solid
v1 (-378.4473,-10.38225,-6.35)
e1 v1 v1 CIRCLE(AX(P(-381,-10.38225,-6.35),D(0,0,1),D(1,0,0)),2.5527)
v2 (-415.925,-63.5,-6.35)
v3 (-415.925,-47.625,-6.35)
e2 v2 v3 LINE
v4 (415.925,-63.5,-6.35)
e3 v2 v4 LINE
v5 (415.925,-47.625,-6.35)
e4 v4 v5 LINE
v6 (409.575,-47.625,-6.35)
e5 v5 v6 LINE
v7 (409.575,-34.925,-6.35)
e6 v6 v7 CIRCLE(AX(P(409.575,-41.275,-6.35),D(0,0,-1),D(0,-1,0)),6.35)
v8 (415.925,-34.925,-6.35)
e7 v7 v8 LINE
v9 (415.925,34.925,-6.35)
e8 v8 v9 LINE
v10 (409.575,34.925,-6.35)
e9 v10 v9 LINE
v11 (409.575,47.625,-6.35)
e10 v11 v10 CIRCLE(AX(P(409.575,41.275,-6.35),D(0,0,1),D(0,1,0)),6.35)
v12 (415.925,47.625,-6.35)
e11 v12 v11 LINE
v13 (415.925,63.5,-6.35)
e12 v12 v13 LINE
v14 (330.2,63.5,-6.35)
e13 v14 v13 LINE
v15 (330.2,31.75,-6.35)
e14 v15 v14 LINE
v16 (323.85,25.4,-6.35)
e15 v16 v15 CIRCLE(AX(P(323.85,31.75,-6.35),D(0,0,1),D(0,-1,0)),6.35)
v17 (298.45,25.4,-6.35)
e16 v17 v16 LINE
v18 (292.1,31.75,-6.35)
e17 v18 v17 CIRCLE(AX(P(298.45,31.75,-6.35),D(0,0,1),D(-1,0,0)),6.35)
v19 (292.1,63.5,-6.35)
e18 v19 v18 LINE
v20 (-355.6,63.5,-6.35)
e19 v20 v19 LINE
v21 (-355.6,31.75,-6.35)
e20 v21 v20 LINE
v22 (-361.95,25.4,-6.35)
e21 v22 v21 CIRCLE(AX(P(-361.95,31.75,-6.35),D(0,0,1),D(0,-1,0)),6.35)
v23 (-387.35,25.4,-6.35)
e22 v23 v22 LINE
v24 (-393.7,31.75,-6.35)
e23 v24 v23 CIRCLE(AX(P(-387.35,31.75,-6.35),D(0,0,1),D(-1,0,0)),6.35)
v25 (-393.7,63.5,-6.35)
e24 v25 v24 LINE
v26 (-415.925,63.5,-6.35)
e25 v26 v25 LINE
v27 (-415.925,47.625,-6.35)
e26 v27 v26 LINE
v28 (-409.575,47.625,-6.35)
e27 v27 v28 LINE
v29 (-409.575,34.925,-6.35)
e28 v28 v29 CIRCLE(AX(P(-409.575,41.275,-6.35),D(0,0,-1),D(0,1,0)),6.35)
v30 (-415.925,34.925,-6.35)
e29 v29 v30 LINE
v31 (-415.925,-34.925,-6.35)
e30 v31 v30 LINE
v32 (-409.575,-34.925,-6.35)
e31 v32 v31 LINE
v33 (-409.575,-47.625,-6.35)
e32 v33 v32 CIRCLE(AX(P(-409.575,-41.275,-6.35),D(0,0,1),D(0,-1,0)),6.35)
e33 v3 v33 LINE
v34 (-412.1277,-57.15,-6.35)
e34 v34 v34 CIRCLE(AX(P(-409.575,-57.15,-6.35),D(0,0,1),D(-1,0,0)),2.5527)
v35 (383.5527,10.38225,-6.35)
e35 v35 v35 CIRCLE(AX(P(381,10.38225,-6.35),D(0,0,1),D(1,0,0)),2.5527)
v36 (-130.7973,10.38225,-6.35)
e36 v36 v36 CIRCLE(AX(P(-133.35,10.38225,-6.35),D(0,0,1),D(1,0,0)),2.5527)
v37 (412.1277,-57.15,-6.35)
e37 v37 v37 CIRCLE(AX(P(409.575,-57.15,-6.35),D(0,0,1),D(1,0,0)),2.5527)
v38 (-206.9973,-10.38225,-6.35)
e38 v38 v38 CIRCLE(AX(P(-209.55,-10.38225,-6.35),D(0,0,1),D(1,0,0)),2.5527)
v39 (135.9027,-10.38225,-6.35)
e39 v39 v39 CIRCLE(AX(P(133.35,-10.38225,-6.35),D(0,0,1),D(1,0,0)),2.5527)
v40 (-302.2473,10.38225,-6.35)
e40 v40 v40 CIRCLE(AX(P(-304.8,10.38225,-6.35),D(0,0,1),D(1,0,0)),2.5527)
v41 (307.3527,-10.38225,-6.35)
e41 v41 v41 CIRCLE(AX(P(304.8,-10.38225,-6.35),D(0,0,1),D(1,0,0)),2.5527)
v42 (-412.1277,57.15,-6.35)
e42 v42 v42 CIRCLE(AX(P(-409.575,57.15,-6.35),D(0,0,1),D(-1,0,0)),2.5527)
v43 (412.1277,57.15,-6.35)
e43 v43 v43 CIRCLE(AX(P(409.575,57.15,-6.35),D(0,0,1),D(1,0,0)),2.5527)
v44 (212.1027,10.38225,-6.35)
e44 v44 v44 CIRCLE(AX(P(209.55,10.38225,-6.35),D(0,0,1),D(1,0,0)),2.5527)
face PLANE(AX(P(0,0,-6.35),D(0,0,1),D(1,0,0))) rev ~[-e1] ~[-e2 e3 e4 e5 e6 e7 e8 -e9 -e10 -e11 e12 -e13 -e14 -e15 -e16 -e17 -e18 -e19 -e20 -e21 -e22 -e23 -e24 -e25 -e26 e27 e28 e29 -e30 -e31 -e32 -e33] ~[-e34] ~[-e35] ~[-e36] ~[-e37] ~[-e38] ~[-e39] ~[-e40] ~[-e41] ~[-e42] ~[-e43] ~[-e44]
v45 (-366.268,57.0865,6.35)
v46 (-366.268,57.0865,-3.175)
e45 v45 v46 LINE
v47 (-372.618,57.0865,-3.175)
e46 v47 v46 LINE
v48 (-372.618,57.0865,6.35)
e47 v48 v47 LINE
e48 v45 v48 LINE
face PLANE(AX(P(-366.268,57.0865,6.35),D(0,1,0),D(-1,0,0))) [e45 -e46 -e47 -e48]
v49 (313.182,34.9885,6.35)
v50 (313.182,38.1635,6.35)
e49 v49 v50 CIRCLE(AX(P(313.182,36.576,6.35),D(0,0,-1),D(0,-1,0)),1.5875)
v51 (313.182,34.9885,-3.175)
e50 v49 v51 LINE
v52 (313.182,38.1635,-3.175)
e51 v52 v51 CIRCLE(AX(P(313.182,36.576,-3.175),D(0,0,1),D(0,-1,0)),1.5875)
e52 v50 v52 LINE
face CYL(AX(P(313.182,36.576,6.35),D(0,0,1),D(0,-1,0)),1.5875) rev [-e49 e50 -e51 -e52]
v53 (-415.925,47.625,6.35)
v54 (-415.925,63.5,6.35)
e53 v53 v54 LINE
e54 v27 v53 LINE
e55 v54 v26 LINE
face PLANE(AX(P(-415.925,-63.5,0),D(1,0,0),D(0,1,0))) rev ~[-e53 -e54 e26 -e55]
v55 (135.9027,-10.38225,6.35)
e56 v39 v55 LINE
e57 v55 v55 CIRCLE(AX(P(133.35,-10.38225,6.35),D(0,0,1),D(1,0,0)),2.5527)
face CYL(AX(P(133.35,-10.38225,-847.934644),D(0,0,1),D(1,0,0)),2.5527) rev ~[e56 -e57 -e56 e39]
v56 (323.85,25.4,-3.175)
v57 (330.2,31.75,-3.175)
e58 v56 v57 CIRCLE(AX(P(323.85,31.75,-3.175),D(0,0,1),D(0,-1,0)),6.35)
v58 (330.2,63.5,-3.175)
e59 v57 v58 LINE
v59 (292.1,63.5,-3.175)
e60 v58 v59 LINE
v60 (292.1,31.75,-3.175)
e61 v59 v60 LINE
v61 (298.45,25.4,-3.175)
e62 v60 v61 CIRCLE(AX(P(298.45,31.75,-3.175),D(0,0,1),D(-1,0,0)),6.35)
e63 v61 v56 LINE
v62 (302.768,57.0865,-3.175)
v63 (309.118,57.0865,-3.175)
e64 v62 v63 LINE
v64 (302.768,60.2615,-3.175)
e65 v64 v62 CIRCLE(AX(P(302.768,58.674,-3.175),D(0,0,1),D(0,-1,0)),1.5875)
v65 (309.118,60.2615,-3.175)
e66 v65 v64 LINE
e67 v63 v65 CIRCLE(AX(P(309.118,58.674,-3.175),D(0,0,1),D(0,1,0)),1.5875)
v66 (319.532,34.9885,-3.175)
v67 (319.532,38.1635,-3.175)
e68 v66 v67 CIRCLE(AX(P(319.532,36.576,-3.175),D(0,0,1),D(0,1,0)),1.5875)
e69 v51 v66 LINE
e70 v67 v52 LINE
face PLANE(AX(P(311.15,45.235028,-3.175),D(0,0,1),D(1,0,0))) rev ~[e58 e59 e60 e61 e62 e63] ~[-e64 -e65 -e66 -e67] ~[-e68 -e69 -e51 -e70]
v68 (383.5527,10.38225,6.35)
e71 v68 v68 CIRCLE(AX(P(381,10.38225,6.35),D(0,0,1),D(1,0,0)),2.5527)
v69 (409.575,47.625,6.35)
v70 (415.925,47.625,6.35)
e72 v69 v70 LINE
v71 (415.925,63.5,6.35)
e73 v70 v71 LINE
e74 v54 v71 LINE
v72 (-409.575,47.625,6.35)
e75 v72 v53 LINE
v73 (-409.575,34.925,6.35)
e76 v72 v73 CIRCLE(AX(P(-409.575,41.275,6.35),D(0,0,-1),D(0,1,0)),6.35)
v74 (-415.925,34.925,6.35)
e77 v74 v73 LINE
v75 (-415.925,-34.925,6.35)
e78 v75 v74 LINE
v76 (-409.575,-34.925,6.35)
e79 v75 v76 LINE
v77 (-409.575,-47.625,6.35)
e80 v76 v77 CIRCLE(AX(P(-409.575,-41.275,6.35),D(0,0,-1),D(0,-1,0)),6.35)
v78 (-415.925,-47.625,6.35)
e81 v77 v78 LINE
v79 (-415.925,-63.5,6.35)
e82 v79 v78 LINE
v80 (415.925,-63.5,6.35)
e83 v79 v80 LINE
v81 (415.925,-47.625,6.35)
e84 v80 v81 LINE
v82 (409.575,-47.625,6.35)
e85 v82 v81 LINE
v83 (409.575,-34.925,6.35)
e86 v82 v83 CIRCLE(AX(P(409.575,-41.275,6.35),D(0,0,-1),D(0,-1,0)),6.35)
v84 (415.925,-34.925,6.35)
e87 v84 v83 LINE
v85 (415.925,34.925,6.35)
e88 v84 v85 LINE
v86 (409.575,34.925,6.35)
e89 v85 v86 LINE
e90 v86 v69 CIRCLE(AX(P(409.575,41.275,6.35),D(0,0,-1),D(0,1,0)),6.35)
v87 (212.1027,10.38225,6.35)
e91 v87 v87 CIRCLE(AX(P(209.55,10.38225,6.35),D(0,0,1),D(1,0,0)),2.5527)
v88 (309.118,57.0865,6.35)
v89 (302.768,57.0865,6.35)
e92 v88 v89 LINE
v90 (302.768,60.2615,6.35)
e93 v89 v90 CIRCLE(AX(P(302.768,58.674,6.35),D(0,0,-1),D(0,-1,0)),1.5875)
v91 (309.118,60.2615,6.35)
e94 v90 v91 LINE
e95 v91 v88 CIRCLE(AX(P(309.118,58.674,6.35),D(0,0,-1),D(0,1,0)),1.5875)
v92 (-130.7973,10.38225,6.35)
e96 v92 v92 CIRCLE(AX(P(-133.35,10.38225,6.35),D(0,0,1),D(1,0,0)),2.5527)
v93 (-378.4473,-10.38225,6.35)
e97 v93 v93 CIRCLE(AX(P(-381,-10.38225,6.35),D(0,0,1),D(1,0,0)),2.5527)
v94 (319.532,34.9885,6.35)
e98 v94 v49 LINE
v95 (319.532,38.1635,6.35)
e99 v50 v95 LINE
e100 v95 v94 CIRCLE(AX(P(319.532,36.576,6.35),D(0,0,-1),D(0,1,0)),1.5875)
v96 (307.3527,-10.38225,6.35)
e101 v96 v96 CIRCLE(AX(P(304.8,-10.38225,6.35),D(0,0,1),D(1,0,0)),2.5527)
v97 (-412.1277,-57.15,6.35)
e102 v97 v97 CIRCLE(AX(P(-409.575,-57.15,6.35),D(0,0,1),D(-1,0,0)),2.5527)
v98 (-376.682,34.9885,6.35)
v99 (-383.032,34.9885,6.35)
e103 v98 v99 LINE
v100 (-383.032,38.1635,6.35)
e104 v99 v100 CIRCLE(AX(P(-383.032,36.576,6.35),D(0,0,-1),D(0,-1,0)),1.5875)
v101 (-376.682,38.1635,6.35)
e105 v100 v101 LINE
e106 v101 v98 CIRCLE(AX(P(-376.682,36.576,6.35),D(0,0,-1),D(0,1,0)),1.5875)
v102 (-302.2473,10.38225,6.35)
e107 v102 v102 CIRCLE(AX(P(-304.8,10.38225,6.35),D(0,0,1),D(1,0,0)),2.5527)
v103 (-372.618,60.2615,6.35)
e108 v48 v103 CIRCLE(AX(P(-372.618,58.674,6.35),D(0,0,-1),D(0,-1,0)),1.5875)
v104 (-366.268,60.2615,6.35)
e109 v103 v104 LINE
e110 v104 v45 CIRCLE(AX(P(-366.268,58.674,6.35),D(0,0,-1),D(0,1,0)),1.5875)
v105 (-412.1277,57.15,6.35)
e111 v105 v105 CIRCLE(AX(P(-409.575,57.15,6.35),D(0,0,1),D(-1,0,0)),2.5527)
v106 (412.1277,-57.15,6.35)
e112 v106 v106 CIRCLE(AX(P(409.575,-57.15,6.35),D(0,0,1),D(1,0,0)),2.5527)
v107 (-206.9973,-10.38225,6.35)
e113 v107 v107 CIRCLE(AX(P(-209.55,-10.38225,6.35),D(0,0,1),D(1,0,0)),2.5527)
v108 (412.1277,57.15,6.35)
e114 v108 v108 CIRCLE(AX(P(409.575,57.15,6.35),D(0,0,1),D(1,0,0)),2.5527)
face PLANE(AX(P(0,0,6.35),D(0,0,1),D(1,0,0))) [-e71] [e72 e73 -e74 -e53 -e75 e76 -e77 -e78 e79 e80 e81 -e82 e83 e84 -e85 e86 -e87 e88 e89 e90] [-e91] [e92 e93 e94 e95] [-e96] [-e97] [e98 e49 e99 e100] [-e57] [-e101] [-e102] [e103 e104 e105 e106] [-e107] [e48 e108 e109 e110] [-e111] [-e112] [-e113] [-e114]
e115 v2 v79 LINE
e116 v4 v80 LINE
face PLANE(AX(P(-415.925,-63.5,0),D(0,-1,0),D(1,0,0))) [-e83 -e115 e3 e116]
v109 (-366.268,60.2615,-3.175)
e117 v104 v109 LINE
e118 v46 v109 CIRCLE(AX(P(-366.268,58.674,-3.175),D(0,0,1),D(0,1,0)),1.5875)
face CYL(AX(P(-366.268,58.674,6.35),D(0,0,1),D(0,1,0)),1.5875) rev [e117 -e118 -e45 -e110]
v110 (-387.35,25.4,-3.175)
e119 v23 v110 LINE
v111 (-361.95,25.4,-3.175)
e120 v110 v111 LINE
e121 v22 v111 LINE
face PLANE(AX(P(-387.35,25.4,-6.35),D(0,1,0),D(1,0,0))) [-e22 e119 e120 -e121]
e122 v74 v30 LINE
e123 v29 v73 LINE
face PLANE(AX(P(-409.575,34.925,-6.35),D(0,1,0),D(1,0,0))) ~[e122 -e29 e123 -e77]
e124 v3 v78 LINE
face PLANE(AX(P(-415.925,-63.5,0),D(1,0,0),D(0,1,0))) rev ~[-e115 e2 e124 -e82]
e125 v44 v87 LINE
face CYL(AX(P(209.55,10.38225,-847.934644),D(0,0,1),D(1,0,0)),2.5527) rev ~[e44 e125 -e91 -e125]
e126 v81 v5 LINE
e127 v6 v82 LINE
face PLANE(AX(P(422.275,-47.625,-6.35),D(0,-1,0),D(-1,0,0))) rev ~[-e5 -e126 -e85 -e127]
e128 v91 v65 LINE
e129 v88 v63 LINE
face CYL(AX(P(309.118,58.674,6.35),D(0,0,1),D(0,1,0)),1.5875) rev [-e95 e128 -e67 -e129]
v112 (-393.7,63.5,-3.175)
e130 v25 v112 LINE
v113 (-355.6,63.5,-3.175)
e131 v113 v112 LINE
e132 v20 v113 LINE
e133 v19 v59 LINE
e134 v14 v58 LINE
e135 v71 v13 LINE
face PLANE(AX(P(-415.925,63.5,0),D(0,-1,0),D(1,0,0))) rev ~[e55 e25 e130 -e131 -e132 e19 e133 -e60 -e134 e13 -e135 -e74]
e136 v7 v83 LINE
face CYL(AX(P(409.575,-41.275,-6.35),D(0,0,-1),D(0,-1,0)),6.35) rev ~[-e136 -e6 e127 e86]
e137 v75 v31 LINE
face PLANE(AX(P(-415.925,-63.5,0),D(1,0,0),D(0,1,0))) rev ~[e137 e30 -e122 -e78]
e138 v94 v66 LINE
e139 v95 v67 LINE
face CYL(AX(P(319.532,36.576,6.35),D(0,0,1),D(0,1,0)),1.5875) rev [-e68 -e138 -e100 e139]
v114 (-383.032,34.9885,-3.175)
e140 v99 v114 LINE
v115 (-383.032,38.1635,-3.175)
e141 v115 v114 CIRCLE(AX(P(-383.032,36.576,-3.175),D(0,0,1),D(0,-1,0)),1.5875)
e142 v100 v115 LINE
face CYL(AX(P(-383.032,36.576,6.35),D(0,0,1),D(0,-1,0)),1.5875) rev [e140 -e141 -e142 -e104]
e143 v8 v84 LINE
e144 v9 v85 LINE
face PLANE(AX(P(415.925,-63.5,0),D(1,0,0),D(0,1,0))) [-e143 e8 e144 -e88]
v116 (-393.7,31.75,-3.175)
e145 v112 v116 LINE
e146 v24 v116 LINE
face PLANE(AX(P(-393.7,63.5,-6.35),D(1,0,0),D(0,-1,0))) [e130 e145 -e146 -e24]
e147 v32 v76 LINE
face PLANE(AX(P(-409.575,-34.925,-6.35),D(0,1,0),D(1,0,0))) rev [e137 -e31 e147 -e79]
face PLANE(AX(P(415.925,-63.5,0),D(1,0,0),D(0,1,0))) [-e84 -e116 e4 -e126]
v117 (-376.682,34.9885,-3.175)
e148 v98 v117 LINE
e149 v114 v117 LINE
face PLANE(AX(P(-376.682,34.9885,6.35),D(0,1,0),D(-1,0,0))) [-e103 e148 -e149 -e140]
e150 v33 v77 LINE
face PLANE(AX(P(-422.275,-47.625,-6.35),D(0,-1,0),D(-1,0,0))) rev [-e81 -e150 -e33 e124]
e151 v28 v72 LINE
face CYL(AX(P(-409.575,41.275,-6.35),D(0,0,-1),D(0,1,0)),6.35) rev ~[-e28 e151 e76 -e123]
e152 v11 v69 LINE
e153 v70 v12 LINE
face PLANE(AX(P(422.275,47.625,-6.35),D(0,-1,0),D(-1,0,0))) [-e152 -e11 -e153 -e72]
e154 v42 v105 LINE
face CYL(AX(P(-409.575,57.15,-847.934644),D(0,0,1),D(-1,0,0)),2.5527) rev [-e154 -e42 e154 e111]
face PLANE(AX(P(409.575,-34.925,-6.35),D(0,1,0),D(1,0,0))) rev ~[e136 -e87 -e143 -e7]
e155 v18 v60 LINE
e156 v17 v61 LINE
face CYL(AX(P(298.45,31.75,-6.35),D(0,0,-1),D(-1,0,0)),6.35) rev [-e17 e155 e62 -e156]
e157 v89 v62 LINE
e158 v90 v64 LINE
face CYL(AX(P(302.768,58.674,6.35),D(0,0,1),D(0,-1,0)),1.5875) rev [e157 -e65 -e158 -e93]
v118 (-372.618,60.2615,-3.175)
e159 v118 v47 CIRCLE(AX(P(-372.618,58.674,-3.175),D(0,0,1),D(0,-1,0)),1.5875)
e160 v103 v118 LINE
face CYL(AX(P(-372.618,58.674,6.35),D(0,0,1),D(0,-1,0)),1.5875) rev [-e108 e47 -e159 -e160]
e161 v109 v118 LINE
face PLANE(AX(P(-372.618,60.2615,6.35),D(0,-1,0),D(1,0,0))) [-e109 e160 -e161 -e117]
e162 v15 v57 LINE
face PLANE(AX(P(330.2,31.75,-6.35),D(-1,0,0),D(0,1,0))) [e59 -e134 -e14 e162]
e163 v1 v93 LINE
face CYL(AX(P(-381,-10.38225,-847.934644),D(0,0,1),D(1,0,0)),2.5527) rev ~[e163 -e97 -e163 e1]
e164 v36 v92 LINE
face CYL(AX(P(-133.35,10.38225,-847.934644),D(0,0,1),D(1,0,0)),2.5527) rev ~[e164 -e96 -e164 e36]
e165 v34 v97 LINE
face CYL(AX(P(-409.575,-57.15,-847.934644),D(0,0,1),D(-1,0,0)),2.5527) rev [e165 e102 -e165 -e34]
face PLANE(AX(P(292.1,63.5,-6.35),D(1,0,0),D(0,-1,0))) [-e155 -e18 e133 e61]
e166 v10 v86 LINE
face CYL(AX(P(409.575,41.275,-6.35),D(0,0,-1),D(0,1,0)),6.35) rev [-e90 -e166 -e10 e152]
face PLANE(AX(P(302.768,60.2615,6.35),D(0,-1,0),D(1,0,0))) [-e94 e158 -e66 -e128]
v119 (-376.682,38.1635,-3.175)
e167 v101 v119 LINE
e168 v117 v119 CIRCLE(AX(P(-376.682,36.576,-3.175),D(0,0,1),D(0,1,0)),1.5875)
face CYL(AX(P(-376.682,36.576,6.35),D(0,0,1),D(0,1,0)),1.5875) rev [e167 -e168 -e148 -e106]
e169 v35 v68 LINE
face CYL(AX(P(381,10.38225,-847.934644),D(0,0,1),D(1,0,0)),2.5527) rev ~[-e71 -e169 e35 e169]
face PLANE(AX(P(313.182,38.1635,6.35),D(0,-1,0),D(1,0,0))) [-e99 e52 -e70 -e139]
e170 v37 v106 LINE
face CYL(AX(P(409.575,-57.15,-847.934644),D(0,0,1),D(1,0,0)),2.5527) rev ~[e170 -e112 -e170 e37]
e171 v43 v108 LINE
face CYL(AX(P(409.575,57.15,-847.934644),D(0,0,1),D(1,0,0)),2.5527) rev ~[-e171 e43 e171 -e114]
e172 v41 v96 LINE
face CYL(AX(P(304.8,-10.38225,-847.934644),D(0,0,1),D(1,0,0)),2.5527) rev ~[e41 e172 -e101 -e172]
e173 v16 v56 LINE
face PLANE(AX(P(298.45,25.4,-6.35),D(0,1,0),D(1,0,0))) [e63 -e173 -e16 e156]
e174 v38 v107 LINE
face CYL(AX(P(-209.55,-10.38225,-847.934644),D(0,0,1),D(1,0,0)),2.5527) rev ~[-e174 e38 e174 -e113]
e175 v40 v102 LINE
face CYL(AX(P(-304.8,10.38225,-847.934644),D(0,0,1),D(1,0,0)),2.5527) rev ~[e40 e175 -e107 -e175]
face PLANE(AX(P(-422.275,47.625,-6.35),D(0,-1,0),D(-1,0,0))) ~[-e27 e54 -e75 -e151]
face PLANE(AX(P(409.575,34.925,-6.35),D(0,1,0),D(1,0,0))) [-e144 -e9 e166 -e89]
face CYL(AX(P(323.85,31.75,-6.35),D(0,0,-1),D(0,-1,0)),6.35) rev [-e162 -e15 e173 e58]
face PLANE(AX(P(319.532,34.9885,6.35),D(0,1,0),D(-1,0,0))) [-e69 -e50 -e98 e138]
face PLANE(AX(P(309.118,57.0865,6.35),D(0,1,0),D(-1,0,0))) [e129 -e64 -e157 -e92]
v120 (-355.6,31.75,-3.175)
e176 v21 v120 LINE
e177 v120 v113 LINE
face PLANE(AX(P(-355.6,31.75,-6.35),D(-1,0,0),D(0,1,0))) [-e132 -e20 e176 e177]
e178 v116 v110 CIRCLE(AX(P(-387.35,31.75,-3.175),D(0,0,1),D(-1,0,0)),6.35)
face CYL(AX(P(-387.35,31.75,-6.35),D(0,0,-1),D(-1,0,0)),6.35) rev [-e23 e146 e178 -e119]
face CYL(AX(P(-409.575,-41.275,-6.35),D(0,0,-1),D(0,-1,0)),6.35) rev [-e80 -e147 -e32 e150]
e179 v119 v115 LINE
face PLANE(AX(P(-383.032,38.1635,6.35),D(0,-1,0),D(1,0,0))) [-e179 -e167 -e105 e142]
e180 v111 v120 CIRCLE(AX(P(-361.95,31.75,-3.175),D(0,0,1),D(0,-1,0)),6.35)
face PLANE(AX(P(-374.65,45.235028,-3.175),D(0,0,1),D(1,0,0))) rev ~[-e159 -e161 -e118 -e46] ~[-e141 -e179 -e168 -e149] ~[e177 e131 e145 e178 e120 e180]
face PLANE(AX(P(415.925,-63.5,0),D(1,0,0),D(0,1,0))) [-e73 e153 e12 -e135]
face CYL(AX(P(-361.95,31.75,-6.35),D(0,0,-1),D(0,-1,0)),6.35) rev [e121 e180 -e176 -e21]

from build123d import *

# Parameters (mm, degrees)
SKETCH1_W                         = 831.85
SKETCH1_H                         = 127
BOSS_EXTRUDE1_DEPTH               = 6.35
F_10_CLEARANCE_HOLE1_D            = 5.1054
TAPPED_HOLE_FOR_10_32_HELICOIL1_D = 5.1054
LPATTERN1_COUNT                   = 5
LPATTERN1_PITCH                   = 171.45
CUT_EXTRUDE1_DEPTH                = 421.936035075
CUT_EXTRUDE3_REACH                = 422.936
CUT_EXTRUDE4_DEPTH                = 3.175


with BuildPart() as part:
    # Sketch1 → Boss-Extrude1 (new, symmetric)
    with BuildSketch(Plane.XY):
        Rectangle(SKETCH1_W, SKETCH1_H)
    extrude(amount=BOSS_EXTRUDE1_DEPTH, both=True)

    # #10 Clearance Hole1 (through all)
    with Locations(Plane(origin=(0, 0, -6.35), x_dir=(-1, 0, 0), z_dir=(0, 0, -1))):
        with Locations((-409.575, 57.15), (-409.575, -57.15)):
            f_10_clearance_hole1 = Hole(F_10_CLEARANCE_HOLE1_D / 2)

    # Tapped Hole for #10-32 Helicoil1 (through all)
    with Locations(Plane(origin=(0, 0, -6.35), x_dir=(-1, 0, 0), z_dir=(0, 0, -1))):
        with Locations((-381, 10.38225), (-304.8, -10.38225)):
            tapped_hole_for_10_32_helicoil1 = Hole(TAPPED_HOLE_FOR_10_32_HELICOIL1_D / 2)

    # LPattern1: Tapped Hole for #10-32 Helicoil1 ×5, 1 skipped
    with Locations(*[(-i * LPATTERN1_PITCH, 0, 0) for i in range(1, LPATTERN1_COUNT) if i not in (2,)]):
        add(tapped_hole_for_10_32_helicoil1, mode=Mode.SUBTRACT)

    # Sketch9 → Cut-Extrude1 (cut, through all)
    with BuildSketch(Plane(origin=(0, 0, -6.35), x_dir=(-1, 0, 0), z_dir=(0, 0, -1))):
        with BuildLine():
            Line((-422.275, 47.625), (-409.575, 47.625))
            ThreePointArc((-409.575, 47.625), (-403.225, 41.275), (-409.575, 34.925))
            Line((-409.575, 34.925), (-422.275, 34.925))
            ThreePointArc((-422.275, 34.925), (-428.625, 41.275), (-422.275, 47.625))
        make_face()
        with BuildLine():
            Line((-422.275, -47.625), (-409.575, -47.625))
            ThreePointArc((-409.575, -47.625), (-403.225, -41.275), (-409.575, -34.925))
            Line((-409.575, -34.925), (-422.275, -34.925))
            ThreePointArc((-422.275, -34.925), (-428.625, -41.275), (-422.275, -47.625))
        make_face()
    cut_extrude1 = extrude(amount=-CUT_EXTRUDE1_DEPTH, mode=Mode.SUBTRACT)

    # Mirror1: #10 Clearance Hole1, Cut-Extrude1 across plane
    add(f_10_clearance_hole1.mirror(Plane(origin=(0, 0, 0), x_dir=(0, 0, 1), z_dir=(1, 0, 0))), mode=Mode.SUBTRACT)
    add(cut_extrude1.mirror(Plane(origin=(0, 0, 0), x_dir=(0, 0, 1), z_dir=(1, 0, 0))), mode=Mode.SUBTRACT)

    # Sketch13 → Cut-Extrude3 (cut, up to next)
    with BuildSketch(Plane.XY.offset(6.35), mode=Mode.PRIVATE) as cut_extrude3_sk1:
        with BuildLine():
            Line((-372.618, 60.2615), (-366.268, 60.2615))
            ThreePointArc((-366.268, 60.2615), (-364.6805, 58.674), (-366.268, 57.0865))
            Line((-366.268, 57.0865), (-372.618, 57.0865))
            ThreePointArc((-372.618, 57.0865), (-374.2055, 58.674), (-372.618, 60.2615))
        make_face()
    cut_extrude3_tool1 = extrude(cut_extrude3_sk1.sketch, amount=-CUT_EXTRUDE3_REACH, mode=Mode.PRIVATE) & part.part
    # Sketch13 → Cut-Extrude3 (cut, up to next)
    with BuildSketch(Plane.XY.offset(6.35), mode=Mode.PRIVATE) as cut_extrude3_sk2:
        with BuildLine():
            Line((-383.032, 38.1635), (-376.682, 38.1635))
            ThreePointArc((-376.682, 38.1635), (-375.0945, 36.576), (-376.682, 34.9885))
            Line((-376.682, 34.9885), (-383.032, 34.9885))
            ThreePointArc((-383.032, 34.9885), (-384.6195, 36.576), (-383.032, 38.1635))
        make_face()
    cut_extrude3_tool2 = extrude(cut_extrude3_sk2.sketch, amount=-CUT_EXTRUDE3_REACH, mode=Mode.PRIVATE) & part.part
    # Sketch13 → Cut-Extrude3 (cut, up to next)
    with BuildSketch(Plane.XY.offset(6.35), mode=Mode.PRIVATE) as cut_extrude3_sk3:
        with BuildLine():
            Line((302.768, 60.2615), (309.118, 60.2615))
            ThreePointArc((309.118, 60.2615), (310.7055, 58.674), (309.118, 57.0865))
            Line((309.118, 57.0865), (302.768, 57.0865))
            ThreePointArc((302.768, 57.0865), (301.1805, 58.674), (302.768, 60.2615))
        make_face()
    cut_extrude3_tool3 = extrude(cut_extrude3_sk3.sketch, amount=-CUT_EXTRUDE3_REACH, mode=Mode.PRIVATE) & part.part
    # Sketch13 → Cut-Extrude3 (cut, up to next)
    with BuildSketch(Plane.XY.offset(6.35), mode=Mode.PRIVATE) as cut_extrude3_sk4:
        with BuildLine():
            Line((313.182, 38.1635), (319.532, 38.1635))
            ThreePointArc((319.532, 38.1635), (321.1195, 36.576), (319.532, 34.9885))
            Line((319.532, 34.9885), (313.182, 34.9885))
            ThreePointArc((313.182, 34.9885), (311.5945, 36.576), (313.182, 38.1635))
        make_face()
    cut_extrude3_tool4 = extrude(cut_extrude3_sk4.sketch, amount=-CUT_EXTRUDE3_REACH, mode=Mode.PRIVATE) & part.part
    add(cut_extrude3_tool1.solids().sort_by_distance((-369.443, 58.674, 6.35))[0], mode=Mode.SUBTRACT)
    add(cut_extrude3_tool2.solids().sort_by_distance((-379.857, 36.576, 6.35))[0], mode=Mode.SUBTRACT)
    add(cut_extrude3_tool3.solids().sort_by_distance((305.943, 58.674, 6.35))[0], mode=Mode.SUBTRACT)
    add(cut_extrude3_tool4.solids().sort_by_distance((316.357, 36.576, 6.35))[0], mode=Mode.SUBTRACT)

    # Sketch14 → Cut-Extrude4 (cut)
    with BuildSketch(Plane(origin=(0, 0, -6.35), x_dir=(-1, 0, 0), z_dir=(0, 0, -1))):
        with BuildLine():
            Line((-330.2, 63.5), (-292.1, 63.5))
            Line((-292.1, 63.5), (-292.1, 31.75))
            ThreePointArc((-292.1, 31.75), (-293.959871939, 27.259871939), (-298.45, 25.4))
            Line((-298.45, 25.4), (-323.85, 25.4))
            ThreePointArc((-323.85, 25.4), (-328.340128061, 27.259871939), (-330.2, 31.75))
            Line((-330.2, 31.75), (-330.2, 63.5))
        make_face()
        with BuildLine():
            Line((355.6, 63.5), (393.7, 63.5))
            Line((393.7, 63.5), (393.7, 31.75))
            ThreePointArc((393.7, 31.75), (391.840128061, 27.259871939), (387.35, 25.4))
            Line((387.35, 25.4), (361.95, 25.4))
            ThreePointArc((361.95, 25.4), (357.459871939, 27.259871939), (355.6, 31.75))
            Line((355.6, 31.75), (355.6, 63.5))
        make_face()
    extrude(amount=-CUT_EXTRUDE4_DEPTH, mode=Mode.SUBTRACT)


solid = part.part
